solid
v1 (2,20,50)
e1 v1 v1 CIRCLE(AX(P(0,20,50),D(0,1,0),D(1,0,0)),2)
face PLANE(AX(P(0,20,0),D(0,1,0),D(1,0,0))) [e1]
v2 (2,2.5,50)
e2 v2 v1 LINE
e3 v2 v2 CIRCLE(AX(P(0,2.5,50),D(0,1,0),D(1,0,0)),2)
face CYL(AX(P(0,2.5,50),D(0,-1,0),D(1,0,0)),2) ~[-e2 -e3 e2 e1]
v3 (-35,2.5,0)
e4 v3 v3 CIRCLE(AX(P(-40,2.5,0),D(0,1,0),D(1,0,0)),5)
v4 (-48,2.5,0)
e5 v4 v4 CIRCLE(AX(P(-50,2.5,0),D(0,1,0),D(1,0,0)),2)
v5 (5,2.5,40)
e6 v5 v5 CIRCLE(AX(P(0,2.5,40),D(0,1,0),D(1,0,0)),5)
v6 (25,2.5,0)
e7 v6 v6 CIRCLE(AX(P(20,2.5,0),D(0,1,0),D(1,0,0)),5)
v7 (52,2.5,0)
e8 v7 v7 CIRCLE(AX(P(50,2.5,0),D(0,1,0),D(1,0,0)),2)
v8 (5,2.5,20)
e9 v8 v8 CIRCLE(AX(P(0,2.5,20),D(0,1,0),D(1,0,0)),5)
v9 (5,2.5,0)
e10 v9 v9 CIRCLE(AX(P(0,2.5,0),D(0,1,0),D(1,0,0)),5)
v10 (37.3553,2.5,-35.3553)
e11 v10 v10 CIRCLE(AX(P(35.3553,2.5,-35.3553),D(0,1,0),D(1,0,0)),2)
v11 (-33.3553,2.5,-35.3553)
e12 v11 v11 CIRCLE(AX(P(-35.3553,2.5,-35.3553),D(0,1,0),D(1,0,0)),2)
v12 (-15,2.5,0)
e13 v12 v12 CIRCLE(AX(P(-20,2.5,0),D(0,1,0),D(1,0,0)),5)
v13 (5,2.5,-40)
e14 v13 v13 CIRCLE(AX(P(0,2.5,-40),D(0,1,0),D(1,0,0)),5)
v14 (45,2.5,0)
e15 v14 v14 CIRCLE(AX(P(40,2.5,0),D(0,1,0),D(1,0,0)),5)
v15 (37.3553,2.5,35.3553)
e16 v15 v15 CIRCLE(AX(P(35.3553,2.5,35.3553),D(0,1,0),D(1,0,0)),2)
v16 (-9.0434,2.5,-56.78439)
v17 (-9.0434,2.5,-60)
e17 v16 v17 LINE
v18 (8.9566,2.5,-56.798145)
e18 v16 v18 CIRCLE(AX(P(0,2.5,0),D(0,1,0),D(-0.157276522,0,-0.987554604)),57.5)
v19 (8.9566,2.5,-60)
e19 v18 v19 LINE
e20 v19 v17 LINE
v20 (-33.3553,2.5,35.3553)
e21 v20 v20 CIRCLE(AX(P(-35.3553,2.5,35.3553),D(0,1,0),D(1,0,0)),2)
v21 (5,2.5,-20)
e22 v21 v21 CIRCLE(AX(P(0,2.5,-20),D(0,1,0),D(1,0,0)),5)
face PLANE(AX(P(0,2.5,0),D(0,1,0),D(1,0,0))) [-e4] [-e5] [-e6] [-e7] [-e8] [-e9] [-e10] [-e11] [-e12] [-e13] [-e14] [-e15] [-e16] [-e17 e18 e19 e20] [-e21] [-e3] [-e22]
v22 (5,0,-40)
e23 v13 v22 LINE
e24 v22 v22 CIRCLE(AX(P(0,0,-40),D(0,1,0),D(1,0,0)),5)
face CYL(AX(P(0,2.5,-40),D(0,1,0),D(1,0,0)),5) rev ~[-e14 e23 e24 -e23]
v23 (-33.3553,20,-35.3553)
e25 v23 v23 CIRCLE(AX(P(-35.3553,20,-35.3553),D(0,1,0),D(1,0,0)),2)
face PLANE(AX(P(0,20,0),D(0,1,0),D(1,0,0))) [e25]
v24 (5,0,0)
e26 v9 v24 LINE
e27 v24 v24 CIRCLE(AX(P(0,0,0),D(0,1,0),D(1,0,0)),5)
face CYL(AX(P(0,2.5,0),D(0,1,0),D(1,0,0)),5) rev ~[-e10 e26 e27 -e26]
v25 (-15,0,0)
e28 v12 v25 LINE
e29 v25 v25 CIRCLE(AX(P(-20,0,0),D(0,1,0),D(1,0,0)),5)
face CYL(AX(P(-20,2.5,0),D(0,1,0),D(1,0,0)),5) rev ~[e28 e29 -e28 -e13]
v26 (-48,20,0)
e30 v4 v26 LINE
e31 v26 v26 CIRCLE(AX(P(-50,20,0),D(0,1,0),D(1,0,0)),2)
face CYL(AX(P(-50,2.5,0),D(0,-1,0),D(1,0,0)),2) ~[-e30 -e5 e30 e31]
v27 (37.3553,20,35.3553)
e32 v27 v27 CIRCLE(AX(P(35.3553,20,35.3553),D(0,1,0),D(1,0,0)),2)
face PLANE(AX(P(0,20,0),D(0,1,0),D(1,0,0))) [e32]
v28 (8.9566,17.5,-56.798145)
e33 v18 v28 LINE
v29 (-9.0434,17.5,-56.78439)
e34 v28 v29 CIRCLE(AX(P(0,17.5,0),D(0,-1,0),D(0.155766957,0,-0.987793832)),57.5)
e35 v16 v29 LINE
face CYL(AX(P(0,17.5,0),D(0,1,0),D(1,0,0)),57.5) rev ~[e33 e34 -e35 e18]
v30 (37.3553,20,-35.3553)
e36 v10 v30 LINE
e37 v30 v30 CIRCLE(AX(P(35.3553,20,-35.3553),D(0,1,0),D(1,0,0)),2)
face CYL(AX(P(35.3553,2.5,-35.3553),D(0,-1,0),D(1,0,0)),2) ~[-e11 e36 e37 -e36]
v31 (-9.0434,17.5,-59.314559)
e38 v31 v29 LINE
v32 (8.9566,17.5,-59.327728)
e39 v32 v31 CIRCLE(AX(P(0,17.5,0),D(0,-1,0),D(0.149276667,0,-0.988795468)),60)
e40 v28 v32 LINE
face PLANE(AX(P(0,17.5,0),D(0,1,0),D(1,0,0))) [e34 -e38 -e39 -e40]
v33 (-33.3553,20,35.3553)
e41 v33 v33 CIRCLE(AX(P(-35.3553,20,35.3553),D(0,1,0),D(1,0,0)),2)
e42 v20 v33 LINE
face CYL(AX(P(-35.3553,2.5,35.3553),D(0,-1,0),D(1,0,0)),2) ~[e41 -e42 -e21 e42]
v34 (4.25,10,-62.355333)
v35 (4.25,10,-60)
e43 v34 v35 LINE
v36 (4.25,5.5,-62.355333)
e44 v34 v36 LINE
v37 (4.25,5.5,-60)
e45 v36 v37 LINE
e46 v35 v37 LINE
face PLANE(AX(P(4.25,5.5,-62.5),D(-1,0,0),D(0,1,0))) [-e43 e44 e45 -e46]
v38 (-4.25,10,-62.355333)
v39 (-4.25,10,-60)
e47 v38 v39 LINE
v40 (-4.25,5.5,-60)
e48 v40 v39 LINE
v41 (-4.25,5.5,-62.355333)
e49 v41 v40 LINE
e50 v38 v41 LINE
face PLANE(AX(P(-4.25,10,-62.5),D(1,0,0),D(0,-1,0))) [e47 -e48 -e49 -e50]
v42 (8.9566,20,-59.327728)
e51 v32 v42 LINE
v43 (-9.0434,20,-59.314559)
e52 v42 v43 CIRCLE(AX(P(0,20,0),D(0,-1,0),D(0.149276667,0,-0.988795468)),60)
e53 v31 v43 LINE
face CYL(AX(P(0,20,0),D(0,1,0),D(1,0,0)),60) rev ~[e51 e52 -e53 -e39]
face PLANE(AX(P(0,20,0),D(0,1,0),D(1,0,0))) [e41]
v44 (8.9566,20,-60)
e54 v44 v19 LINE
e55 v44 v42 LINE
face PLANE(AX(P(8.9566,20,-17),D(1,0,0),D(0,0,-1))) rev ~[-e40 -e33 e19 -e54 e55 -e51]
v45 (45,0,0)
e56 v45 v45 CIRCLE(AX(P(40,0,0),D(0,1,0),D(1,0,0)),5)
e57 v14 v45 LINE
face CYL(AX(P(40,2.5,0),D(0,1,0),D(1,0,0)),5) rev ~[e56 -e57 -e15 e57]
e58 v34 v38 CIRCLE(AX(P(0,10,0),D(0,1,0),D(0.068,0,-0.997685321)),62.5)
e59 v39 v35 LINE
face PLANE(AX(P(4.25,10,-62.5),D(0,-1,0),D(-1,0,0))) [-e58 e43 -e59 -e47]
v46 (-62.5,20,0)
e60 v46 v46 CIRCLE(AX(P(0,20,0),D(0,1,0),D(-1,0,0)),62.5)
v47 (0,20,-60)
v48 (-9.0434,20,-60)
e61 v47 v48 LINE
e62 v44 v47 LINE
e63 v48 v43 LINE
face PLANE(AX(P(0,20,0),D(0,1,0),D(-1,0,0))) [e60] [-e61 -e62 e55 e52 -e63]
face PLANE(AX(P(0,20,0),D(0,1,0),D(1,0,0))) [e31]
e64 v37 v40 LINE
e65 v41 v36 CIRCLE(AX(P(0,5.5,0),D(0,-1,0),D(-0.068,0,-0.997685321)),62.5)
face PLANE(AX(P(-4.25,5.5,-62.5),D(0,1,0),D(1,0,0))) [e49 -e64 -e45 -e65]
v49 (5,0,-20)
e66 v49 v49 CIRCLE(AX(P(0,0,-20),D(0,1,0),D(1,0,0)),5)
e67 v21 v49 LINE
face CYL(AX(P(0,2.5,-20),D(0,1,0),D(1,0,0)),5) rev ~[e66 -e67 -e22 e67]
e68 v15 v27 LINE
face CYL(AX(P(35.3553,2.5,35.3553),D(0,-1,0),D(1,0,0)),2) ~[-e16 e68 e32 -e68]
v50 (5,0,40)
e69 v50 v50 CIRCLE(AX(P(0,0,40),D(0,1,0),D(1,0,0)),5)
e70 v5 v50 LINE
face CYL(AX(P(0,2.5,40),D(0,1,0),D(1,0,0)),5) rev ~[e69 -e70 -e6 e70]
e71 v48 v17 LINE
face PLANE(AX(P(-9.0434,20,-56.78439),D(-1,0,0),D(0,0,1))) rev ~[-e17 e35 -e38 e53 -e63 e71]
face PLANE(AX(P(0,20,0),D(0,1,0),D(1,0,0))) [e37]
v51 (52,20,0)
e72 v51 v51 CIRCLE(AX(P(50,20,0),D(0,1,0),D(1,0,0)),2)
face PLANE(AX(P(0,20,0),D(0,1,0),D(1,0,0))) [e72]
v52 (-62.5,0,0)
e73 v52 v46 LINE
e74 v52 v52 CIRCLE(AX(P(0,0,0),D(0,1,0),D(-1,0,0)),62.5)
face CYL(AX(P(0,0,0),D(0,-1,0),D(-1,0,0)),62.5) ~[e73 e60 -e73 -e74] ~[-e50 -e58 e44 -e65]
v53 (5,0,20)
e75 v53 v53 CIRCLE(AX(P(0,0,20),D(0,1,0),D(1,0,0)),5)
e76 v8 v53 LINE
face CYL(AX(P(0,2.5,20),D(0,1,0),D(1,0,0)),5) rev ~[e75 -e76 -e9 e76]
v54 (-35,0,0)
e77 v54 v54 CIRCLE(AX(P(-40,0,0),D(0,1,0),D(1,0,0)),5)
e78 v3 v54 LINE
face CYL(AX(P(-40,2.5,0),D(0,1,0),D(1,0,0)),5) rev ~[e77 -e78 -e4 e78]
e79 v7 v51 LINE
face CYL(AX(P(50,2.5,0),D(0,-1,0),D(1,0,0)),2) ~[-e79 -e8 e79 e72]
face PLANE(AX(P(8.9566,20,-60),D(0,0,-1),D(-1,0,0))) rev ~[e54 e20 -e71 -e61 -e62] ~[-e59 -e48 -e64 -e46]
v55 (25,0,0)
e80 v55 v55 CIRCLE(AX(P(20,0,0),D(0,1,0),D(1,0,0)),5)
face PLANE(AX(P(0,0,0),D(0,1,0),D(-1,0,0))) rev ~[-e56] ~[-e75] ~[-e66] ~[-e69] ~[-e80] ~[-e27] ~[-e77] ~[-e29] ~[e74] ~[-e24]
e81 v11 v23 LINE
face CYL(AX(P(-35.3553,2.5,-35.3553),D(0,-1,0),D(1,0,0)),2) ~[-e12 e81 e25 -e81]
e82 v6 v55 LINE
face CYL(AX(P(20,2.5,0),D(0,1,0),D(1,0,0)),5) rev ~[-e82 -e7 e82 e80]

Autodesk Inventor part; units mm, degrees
ref_plane "YZ Plane" through (0, 0, 0) normal (1, 0, 0) x (0, 1, 0)
ref_plane "XZ Plane" through (0, 0, 0) normal (0, 1, 0) x (-1, 0, 0)
sketch "Sketch1" plane through (0, 0, 0) normal (0, 1, 0) x (-1, 0, 0)
  circle A0 centre (0, 0) radius 62.5
  dimension "d0" = 125
extrude "Extrusion1" add sketch "Sketch1" along normal blind 20
sketch "Sketch2" plane through (0, 20, 0) normal (0, 1, 0) x (1, 0, 0)
  circle A0 centre (0, 0) radius 60
  dimension "d3" = 120
extrude "Extrusion2" cut sketch "Sketch2" against normal blind 2.5
sketch "Sketch3" plane through (0, 17.5, 0) normal (0, 1, 0) x (1, 0, 0)
  circle A0 centre (0, 0) radius 57.5
  dimension "d6" = 115
extrude "Extrusion3" cut sketch "Sketch3" against normal blind 15
sketch "Sketch4" plane through (0, 2.5, 0) normal (0, 1, 0) x (1, 0, 0)
  circle A0 centre (0, 0) radius 5
  circle A1 centre (0, 20) radius 5
  circle A2 centre (0, 40) radius 5
  circle A3 centre (20, 0) radius 5
  circle A4 centre (40, 0) radius 5
  circle A5 centre (0, -40) radius 5
  circle A6 centre (0, -20) radius 5
  circle A7 centre (-20, 0) radius 5
  circle A8 centre (-40, 0) radius 5
  dimension "d9" = 10
  dimension "d10" = 10
  dimension "d11" = 10
  dimension "d12" = 10
  dimension "d13" = 10
  dimension "d14" = 10
  dimension "d15" = 10
  dimension "d16" = 10
  dimension "d17" = 10
  dimension "d18" = 20
  dimension "d19" = 20
  dimension "d20" = 20
  dimension "d21" = 20
  dimension "d22" = 20
  dimension "d23" = 20
  dimension "d24" = 20
  dimension "d25" = 20
extrude "Extrusion4" cut sketch "Sketch4" against normal up to next
ref_plane "Work Plane1" through (0, 0, -62.5) normal (0, 0, 1) x (1, 0, 0)
sketch "Sketch5" plane through (0, 0, -62.5) normal (0, 0, 1) x (1, 0, 0)
  line L0 (62.5, 20) -> (-62.5, 20) construction
  line L1 (-62.5, 0) -> (62.5, 0) construction
  line L2 (4.25, 10) -> (-4.25, 10)
  line L3 (-4.25, 10) -> (-4.25, 5.5)
  line L4 (-4.25, 5.5) -> (4.25, 5.5)
  line L5 (4.25, 5.5) -> (4.25, 10)
  line L6 (-57.5, 2.5) -> (57.5, 2.5) construction
  line L7 (0, 0) -> (0, 20) construction
  point P0 (0, 5.5)
  dimension "d28" = 8.5
  dimension "d29" = 4.5
  dimension "d61" = 3
extrude "Extrusion5" cut sketch "Sketch5" along normal blind 17.5
sketch "Sketch6" plane through (0, 2.5, 0) normal (0, 1, 0) x (1, 0, 0)
  line L0 (0, 0) -> (50, 0) construction
  circle A0 centre (0, 0) radius 5 construction
  line L1 (0, 0) -> (35.3553, -35.3553) construction
  line L2 (0, 0) -> (50, 0) construction
  line L3 (0, 0) -> (0, -50) construction
  line L4 (0, 0) -> (35.3553, 35.3553) construction
  line L5 (0, 0) -> (50, 0) construction
  line L6 (0, 0) -> (0, 50) construction
  line L7 (0, 0) -> (-35.3553, 35.3553) construction
  line L8 (0, 0) -> (50, 0) construction
  line L9 (0, 0) -> (-50, 0) construction
  line L10 (0, 0) -> (50, 0) construction
  line L11 (0, 0) -> (-35.3553, -35.3553) construction
  line L12 (0, 0) -> (50, 0) construction
  circle A1 centre (-35.3553, 35.3553) radius 2
  circle A2 centre (0, 50) radius 2
  circle A3 centre (35.3553, 35.3553) radius 2
  circle A4 centre (50, 0) radius 2
  circle A5 centre (35.3553, -35.3553) radius 2
  circle A6 centre (0, -50) radius 2
  circle A7 centre (-35.3553, -35.3553) radius 2
  circle A8 centre (-50, 0) radius 2
  dimension "d32" = 50
  dimension "d33" = 50
  dimension "d34" = 45
  dimension "d35" = 50
  dimension "d36" = 50
  dimension "d37" = 45
  dimension "d38" = 50
  dimension "d39" = 50
  dimension "d40" = 135
  dimension "d41" = 50
  dimension "d42" = 180
  dimension "d43" = 50
  dimension "d44" = 135
  dimension "d45" = 4
  dimension "d46" = 4
  dimension "d47" = 4
  dimension "d48" = 4
  dimension "d49" = 4
  dimension "d50" = 4
  dimension "d51" = 4
  dimension "d52" = 4
extrude "Extrusion6" add sketch "Sketch6" along normal blind 17.5 contours A1 | A3 | A4 | A5 | A6 | A7 | A8
sketch "Sketch7" plane through (0, 20, 0) normal (0, 1, 0) x (1, 0, 0)
  circle A0 centre (-35.3553, -35.3553) radius 2 projected
  circle A1 centre (35.3553, -35.3553) radius 2 projected
  circle A2 centre (35.3553, 35.3553) radius 2 projected
  circle A3 centre (-35.3553, 35.3553) radius 2 projected
  circle A4 centre (50, 0) radius 2 projected
  circle A5 centre (0, -50) radius 2 projected
  circle A6 centre (-50, 0) radius 2 projected
  circle A7 centre (0, 0) radius 57.5 projected
  circle A8 centre (0, 40) radius 5 projected
  circle A9 centre (-20, 0) radius 5 projected
  circle A10 centre (0, -40) radius 5 projected
  circle A11 centre (20, 0) radius 5 projected
  circle A12 centre (0, 20) radius 5 projected
  circle A13 centre (0, 0) radius 5 projected
  circle A14 centre (40, 0) radius 5 projected
  circle A15 centre (0, -20) radius 5 projected
  circle A16 centre (-40, 0) radius 5 projected
  circle A17 centre (0, 0) radius 62.5 projected
  line L0 (8.9566, 60) -> (-9.0434, 60)
  line L1 (-9.0434, 60) -> (-9.0434, 17)
  line L2 (-9.0434, 17) -> (8.9566, 17)
  line L3 (8.9566, 17) -> (8.9566, 60)
  line L4 (0, 0) -> (-0.0452, 62.5) construction
  arc A18 (4.25, 62.3553) -> (-4.25, 62.3553) centre (0, 0) ccw construction
  point P0 (-0.0434, 60)
  dimension "d56" = 18
  dimension "d57" = 43
  dimension "d58" = 2.5
extrude "Extrusion7" cut sketch "Sketch7" against normal up to surface (17.5 mm away) contours L3 L2 A12 L1 A7 | A7 L1 L0 L3 | L2 A12 picked at (-7.6956, 37.9281) picked at (-1.3474, 18.3627)
equation "\"d7\" = d1 - 2 * d4"
equation "\"d10\" = d9"
equation "\"d11\" = d9"
equation "\"d12\" = d9"
equation "\"d13\" = d9"
equation "\"d14\" = d9"
equation "\"d15\" = d9"
equation "\"d16\" = d9"
equation "\"d17\" = d9"
equation "\"d19\" = d18"
equation "\"d20\" = d18"
equation "\"d21\" = d18"
equation "\"d22\" = d18"
equation "\"d23\" = d18"
equation "\"d24\" = d18"
equation "\"d25\" = d18"
equation "\"d33\" = d32"
equation "\"d36\" = d32"
equation "\"d38\" = d32"
equation "\"d39\" = d32"
equation "\"d41\" = d32"
equation "\"d43\" = d32"
equation "\"d46\" = d47"
equation "\"d47\" = d45"
equation "\"d48\" = d45"
equation "\"d49\" = d45"
equation "\"d50\" = d45"
equation "\"d51\" = d45"
equation "\"d52\" = d45"
equation "\"d53\" = d1 - d4"
equation "\"d1\" = 20"
equation "\"d4\" = 2.5"
properties part number "base bund" material "ABS Plastic"
